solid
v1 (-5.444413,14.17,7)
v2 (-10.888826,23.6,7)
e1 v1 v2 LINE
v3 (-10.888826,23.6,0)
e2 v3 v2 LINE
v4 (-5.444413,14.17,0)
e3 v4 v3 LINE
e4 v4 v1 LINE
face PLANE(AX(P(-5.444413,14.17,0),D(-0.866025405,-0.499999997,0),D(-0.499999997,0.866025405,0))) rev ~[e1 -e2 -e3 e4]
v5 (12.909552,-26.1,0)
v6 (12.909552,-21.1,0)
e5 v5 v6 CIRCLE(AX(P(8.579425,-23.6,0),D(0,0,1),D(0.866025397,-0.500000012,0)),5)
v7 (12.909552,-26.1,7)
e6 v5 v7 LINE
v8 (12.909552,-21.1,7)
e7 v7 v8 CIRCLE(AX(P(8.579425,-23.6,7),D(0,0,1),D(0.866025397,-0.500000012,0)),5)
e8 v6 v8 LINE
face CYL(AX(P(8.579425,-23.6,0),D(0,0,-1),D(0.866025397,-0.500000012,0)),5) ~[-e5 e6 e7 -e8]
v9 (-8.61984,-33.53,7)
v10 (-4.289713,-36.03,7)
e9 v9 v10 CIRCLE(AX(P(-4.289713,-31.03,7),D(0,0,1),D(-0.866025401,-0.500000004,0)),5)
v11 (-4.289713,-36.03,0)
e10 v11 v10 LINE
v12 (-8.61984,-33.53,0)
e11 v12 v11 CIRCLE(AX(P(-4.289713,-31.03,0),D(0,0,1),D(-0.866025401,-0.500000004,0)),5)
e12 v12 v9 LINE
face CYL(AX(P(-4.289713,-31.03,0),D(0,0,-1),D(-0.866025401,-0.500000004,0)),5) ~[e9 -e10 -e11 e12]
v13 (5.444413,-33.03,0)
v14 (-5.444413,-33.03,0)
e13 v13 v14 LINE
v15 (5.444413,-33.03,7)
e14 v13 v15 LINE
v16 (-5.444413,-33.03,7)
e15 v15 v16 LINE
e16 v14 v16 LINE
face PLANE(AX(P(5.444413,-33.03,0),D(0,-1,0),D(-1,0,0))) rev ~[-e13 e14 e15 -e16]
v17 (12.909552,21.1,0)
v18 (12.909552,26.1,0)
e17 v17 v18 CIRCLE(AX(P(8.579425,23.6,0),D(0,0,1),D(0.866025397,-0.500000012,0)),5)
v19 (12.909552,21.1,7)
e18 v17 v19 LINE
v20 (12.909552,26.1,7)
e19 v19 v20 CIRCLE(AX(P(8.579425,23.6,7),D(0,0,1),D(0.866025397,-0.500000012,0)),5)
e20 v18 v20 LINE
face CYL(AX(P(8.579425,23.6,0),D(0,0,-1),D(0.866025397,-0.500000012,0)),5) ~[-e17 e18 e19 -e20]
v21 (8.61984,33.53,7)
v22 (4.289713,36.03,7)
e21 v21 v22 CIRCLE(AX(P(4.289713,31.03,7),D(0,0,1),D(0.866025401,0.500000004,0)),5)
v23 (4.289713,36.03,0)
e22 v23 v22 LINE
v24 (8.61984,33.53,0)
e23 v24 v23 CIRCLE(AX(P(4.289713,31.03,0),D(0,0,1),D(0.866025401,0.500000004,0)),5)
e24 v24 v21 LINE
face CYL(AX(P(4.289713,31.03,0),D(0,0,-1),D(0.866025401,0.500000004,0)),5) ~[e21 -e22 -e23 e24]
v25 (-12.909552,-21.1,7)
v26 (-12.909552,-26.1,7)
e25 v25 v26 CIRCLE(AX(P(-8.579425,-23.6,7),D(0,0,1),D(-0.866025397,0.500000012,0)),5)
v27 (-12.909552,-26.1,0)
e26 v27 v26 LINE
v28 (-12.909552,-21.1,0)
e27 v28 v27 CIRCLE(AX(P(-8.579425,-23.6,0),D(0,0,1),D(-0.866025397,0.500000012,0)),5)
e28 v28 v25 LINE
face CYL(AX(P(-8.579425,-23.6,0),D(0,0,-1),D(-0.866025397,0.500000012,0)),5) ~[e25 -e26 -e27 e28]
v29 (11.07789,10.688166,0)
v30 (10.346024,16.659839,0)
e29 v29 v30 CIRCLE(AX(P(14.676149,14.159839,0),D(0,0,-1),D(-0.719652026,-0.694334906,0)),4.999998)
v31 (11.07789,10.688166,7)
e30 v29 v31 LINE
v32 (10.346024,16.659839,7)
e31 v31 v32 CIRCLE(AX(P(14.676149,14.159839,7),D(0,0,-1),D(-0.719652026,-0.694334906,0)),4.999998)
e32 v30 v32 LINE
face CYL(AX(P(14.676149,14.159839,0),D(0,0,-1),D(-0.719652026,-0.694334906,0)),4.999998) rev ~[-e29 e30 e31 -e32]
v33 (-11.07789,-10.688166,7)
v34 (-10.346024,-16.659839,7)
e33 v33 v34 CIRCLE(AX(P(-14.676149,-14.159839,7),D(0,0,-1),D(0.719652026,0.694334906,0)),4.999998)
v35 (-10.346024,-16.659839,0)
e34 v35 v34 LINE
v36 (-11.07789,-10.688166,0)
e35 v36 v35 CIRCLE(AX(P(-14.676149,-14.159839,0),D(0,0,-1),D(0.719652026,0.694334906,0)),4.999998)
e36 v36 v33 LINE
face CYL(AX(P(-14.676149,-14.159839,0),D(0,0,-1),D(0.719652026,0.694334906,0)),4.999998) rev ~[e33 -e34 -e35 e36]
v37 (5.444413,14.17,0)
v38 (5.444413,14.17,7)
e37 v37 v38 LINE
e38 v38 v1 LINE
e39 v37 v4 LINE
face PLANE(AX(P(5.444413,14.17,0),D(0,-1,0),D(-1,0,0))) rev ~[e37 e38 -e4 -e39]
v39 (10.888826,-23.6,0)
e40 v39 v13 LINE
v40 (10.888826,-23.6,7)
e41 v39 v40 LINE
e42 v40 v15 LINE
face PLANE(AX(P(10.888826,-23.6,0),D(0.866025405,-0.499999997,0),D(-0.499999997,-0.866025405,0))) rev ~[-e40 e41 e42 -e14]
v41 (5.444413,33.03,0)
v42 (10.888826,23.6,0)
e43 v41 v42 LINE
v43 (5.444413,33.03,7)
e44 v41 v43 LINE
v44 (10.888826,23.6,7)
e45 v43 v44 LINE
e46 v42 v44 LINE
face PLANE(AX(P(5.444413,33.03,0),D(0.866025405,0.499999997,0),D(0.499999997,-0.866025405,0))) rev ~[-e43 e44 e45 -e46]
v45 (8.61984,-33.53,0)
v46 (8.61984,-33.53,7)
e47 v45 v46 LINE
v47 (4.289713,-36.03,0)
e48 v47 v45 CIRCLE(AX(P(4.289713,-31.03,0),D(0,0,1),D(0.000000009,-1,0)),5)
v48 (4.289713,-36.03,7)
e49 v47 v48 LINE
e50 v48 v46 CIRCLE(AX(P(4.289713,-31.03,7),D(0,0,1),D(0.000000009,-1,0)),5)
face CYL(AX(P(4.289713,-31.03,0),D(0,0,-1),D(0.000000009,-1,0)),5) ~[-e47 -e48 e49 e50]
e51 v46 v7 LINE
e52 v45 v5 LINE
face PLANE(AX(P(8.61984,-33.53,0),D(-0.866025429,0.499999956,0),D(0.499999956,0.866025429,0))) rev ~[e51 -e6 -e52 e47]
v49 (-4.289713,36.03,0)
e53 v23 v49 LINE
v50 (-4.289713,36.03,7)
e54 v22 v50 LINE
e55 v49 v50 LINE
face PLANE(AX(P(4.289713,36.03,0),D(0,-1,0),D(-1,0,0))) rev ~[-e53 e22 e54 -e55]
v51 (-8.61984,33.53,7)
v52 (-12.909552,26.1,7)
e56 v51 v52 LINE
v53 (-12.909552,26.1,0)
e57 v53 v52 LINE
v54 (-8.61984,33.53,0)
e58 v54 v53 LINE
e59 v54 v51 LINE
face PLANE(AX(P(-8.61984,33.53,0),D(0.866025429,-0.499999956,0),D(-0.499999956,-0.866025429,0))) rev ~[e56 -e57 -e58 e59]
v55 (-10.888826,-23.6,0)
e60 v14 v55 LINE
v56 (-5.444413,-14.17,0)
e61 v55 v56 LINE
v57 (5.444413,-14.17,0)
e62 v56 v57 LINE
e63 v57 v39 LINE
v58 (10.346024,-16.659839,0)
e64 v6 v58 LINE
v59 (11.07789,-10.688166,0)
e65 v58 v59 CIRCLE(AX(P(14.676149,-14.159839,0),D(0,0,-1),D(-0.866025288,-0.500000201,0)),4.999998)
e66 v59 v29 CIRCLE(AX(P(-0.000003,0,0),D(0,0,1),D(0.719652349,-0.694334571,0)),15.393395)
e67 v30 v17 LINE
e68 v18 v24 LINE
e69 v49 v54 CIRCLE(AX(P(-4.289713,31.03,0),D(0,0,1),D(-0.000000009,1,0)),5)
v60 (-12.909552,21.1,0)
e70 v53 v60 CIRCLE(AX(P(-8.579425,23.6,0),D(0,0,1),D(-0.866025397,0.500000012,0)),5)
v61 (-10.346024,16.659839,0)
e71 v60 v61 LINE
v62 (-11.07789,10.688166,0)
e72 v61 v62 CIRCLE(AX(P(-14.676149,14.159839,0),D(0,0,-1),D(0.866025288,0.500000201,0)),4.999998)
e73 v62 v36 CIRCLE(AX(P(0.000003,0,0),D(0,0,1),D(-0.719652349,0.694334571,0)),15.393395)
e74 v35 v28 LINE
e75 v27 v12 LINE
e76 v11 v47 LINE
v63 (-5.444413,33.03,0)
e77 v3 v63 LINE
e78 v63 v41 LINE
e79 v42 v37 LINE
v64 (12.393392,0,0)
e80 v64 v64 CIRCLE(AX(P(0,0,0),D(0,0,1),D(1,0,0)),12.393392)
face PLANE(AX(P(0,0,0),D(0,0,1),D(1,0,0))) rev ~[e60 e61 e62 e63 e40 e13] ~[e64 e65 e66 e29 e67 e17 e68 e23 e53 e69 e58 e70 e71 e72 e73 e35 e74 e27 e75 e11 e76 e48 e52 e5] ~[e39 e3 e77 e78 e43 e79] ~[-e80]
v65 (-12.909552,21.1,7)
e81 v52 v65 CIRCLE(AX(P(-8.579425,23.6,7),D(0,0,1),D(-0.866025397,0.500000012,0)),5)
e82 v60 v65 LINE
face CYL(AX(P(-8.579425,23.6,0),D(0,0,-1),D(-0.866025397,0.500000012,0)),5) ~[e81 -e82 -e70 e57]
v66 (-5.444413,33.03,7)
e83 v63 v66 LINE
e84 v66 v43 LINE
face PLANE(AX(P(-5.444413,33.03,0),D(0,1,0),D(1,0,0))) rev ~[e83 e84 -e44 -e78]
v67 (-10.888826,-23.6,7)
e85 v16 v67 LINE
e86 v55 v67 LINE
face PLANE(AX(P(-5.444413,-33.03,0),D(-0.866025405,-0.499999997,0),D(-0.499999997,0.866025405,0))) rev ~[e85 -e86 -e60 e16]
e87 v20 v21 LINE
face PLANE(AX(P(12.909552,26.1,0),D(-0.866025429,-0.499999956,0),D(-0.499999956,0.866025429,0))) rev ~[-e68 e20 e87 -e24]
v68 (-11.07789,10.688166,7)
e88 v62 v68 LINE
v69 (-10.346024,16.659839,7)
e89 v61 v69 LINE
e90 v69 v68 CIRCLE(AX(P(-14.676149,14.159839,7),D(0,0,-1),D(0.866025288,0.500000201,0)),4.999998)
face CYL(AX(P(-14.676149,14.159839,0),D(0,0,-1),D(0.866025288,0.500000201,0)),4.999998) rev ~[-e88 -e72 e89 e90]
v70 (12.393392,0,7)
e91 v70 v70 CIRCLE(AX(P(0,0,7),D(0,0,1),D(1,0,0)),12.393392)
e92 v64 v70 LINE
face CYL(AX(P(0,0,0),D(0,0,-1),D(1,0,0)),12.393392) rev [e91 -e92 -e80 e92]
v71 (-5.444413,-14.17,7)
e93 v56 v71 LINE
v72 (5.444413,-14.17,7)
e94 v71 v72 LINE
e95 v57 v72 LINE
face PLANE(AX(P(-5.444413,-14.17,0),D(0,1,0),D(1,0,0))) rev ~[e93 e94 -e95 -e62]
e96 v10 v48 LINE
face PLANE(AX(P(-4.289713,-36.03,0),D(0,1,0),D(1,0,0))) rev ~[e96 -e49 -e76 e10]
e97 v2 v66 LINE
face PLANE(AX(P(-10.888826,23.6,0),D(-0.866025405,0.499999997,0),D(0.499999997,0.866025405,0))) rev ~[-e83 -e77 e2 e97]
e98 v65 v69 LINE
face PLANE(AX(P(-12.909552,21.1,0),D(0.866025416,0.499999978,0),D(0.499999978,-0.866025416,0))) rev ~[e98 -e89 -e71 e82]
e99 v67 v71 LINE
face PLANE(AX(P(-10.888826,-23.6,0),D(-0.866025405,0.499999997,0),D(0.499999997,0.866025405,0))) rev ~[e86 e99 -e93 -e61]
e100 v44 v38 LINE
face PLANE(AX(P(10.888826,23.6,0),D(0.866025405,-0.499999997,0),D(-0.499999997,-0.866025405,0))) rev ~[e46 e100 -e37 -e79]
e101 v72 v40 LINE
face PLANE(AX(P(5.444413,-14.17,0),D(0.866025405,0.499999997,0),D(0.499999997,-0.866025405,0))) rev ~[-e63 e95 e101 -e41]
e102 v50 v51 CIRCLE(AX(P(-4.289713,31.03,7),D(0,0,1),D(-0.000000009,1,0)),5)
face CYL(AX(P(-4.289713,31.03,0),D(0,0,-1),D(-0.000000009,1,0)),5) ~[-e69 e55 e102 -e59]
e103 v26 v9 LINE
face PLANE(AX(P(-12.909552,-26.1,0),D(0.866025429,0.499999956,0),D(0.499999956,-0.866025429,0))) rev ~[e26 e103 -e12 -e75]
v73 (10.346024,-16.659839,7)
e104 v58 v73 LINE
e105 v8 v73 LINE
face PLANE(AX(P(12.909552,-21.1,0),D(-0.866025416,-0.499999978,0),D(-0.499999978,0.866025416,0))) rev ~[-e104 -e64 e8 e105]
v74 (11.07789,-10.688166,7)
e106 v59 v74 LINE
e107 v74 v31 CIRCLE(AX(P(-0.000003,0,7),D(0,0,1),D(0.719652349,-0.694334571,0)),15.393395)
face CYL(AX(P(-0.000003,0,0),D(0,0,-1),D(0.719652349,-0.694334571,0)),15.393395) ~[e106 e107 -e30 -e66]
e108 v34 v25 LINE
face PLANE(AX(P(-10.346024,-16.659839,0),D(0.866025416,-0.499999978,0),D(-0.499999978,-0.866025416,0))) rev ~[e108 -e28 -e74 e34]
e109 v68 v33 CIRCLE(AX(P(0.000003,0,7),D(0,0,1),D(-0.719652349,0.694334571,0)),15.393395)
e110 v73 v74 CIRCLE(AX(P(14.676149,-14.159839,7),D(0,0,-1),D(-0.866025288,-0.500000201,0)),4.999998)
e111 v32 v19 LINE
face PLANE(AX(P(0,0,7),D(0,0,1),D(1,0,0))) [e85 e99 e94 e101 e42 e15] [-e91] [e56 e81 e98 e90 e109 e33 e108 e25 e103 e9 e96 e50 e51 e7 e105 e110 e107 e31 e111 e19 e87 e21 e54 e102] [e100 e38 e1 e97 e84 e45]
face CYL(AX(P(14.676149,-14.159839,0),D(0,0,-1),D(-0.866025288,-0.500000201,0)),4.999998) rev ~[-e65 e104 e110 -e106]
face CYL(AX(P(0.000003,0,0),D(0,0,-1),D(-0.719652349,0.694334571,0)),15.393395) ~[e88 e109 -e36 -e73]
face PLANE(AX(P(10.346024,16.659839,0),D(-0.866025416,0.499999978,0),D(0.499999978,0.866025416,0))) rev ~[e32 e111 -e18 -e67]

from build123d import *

# Parameters (mm, degrees)
F0_R     = 12.393392
F1_DEPTH = 7


with BuildPart() as f1:
    # F0 (on Top) → F1 (new body)
    with BuildSketch(Plane.XY):
        with BuildLine():
            Line((4.289713, 36.03), (-4.289713, 36.03))
            ThreePointArc((-4.289713, 36.03), (-6.789713, 35.360127), (-8.61984, 33.53))
            Line((-8.61984, 33.53), (-12.909552, 26.1))
            ThreePointArc((-12.909552, 26.1), (-13.579425, 23.6), (-12.909552, 21.1))
            Line((-12.909552, 21.1), (-10.346024, 16.659839))
            ThreePointArc((-10.346024, 16.659839), (-9.713283, 13.551609), (-11.07789, 10.688166))
            ThreePointArc((-11.07789, 10.688166), (-15.393392, 0), (-11.07789, -10.688166))
            ThreePointArc((-11.07789, -10.688166), (-9.713283, -13.551609), (-10.346024, -16.659839))
            Line((-10.346024, -16.659839), (-12.909552, -21.1))
            ThreePointArc((-12.909552, -21.1), (-13.579425, -23.6), (-12.909552, -26.1))
            Line((-12.909552, -26.1), (-8.61984, -33.53))
            ThreePointArc((-8.61984, -33.53), (-6.789713, -35.360127), (-4.289713, -36.03))
            Line((-4.289713, -36.03), (4.289713, -36.03))
            ThreePointArc((4.289713, -36.03), (6.789713, -35.360127), (8.61984, -33.53))
            Line((8.61984, -33.53), (12.909552, -26.1))
            ThreePointArc((12.909552, -26.1), (13.579425, -23.6), (12.909552, -21.1))
            Line((12.909552, -21.1), (10.346024, -16.659839))
            ThreePointArc((10.346024, -16.659839), (9.713283, -13.551609), (11.07789, -10.688166))
            ThreePointArc((11.07789, -10.688166), (15.393392, 0), (11.07789, 10.688166))
            ThreePointArc((11.07789, 10.688166), (9.713283, 13.551609), (10.346024, 16.659839))
            Line((10.346024, 16.659839), (12.909552, 21.1))
            ThreePointArc((12.909552, 21.1), (13.579425, 23.6), (12.909552, 26.1))
            Line((12.909552, 26.1), (8.61984, 33.53))
            ThreePointArc((8.61984, 33.53), (6.789713, 35.360127), (4.289713, 36.03))
        make_face()
        Polygon((5.444413, -33.03), (-5.444413, -33.03), (-10.888826, -23.6), (-5.444413, -14.17), (5.444413, -14.17), (10.888826, -23.6), align=None, mode=Mode.SUBTRACT)
        Circle(F0_R, mode=Mode.SUBTRACT)
        Polygon((-10.888826, 23.6), (-5.444413, 33.03), (5.444413, 33.03), (10.888826, 23.6), (5.444413, 14.17), (-5.444413, 14.17), align=None, mode=Mode.SUBTRACT)
    extrude(amount=F1_DEPTH)


solid = f1.part
